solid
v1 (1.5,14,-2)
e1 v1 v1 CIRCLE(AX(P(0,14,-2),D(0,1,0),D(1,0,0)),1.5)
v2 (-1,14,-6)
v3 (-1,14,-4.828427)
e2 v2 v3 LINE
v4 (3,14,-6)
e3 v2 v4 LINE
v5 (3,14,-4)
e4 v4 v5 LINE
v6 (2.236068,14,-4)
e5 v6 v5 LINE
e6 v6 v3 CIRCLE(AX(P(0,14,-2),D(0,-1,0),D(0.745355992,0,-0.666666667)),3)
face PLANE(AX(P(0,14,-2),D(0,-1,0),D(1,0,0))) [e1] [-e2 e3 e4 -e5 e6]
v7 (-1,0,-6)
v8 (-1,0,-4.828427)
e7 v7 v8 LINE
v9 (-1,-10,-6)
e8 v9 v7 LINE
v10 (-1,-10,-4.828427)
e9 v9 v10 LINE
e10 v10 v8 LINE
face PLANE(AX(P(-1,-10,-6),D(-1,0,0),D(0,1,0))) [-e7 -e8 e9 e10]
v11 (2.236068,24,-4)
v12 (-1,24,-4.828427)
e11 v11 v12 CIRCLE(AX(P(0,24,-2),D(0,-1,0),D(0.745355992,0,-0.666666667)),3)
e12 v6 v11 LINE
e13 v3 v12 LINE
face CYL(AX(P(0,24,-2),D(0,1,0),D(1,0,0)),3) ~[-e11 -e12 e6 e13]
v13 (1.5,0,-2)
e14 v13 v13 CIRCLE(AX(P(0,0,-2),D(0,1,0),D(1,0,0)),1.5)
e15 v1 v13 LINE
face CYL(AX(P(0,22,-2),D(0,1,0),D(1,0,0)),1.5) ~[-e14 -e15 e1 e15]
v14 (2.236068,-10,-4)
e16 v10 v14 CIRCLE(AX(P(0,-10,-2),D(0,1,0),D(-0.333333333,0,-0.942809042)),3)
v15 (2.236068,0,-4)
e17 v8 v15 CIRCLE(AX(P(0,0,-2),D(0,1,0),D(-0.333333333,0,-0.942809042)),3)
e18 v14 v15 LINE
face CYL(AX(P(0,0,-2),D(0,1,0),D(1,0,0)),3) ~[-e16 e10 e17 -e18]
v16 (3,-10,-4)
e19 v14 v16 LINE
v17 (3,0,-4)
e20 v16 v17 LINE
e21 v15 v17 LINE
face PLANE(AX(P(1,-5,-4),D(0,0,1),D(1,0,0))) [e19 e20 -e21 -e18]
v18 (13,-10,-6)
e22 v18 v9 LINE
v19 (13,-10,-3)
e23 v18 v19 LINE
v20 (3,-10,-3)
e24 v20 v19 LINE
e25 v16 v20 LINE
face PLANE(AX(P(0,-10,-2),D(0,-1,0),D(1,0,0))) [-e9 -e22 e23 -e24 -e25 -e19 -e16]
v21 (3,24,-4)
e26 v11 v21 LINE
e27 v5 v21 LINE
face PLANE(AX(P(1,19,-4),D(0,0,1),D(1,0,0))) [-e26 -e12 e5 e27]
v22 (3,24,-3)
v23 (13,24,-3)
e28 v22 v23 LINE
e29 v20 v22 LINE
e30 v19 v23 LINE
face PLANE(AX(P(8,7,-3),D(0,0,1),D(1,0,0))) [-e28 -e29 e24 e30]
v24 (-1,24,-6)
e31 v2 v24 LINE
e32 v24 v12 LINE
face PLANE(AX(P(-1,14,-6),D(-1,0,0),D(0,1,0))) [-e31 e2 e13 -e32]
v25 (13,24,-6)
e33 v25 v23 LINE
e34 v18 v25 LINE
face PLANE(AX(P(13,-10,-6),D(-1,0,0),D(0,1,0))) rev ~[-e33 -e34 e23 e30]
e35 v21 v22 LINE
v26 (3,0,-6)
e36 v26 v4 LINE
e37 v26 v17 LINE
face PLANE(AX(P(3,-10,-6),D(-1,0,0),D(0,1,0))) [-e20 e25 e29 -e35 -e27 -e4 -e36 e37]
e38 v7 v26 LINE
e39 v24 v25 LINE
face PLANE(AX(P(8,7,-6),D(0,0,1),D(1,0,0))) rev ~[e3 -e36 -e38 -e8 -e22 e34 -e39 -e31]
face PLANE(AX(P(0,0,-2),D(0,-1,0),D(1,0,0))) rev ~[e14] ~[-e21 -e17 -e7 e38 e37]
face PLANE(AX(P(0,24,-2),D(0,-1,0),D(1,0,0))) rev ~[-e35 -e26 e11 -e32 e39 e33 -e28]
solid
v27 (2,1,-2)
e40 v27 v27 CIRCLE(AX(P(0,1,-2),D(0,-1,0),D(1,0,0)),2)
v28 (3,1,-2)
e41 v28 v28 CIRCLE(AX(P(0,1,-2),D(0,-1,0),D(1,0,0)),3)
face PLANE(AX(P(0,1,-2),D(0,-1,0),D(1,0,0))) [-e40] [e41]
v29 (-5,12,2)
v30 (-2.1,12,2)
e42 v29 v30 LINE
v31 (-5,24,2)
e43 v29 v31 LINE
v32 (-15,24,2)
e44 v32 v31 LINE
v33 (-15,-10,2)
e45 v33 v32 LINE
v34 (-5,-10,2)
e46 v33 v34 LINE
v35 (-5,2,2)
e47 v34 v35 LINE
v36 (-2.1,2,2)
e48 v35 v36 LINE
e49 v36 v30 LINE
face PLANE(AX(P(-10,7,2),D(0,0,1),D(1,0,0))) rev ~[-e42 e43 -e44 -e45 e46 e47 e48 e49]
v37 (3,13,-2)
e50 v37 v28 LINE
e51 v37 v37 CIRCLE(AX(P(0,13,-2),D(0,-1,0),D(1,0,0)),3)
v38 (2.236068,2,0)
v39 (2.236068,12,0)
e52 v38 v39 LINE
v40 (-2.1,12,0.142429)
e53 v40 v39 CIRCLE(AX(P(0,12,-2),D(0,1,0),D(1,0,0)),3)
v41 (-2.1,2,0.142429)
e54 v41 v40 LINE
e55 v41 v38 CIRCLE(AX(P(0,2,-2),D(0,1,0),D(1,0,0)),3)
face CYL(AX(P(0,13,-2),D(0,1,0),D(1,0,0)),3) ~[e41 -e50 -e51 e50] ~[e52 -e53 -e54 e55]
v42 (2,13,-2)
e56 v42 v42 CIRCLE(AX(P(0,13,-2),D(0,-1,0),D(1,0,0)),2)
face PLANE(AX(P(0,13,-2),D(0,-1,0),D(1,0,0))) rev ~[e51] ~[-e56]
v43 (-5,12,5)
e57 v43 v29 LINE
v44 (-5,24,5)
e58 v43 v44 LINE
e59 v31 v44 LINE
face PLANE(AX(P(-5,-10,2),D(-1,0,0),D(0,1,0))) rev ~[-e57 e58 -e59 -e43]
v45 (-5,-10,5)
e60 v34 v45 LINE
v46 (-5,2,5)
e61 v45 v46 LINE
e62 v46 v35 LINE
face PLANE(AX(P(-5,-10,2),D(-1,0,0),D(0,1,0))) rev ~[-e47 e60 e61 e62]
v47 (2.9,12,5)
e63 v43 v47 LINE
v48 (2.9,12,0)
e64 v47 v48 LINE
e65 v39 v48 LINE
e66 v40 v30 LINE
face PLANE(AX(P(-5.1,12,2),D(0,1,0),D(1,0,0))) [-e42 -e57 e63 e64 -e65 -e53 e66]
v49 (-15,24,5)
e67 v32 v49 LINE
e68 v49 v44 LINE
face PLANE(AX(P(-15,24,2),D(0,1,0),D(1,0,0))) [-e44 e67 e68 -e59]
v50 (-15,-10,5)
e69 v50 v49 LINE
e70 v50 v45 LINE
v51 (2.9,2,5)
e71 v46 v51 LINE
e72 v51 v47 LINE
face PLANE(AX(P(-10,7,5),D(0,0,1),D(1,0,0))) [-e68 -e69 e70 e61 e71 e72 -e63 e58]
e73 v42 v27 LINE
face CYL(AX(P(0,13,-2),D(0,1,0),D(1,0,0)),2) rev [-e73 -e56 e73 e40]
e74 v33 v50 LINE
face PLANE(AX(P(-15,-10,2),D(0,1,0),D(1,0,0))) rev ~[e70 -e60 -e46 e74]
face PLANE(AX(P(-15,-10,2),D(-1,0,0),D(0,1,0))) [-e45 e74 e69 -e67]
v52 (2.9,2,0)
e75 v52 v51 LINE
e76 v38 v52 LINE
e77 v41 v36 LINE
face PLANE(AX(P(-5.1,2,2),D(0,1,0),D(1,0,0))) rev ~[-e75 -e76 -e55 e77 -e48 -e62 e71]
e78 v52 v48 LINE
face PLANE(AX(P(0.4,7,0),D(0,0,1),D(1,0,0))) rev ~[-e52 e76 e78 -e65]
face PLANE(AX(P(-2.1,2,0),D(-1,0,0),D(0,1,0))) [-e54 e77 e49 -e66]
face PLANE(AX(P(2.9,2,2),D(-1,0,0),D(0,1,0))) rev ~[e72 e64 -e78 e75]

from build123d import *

# Parameters (mm, degrees)
BOX003_W               = 4
BOX003_H               = 10
BOX003_DEPTH           = 2
BOX001_W               = 10
BOX001_H               = 34
BOX001_DEPTH           = 3
CYLINDER002_R          = 3
CYLINDER002_DEPTH      = 10
CYLINDER002_ROLL_ANGLE = 90
CYLINDER004_R          = 1.5
CYLINDER004_DEPTH      = 30
CYLINDER004_ROLL_ANGLE = 90
CYLINDER_R             = 3
CYLINDER_DEPTH         = 10
CYLINDER_ROLL_ANGLE    = 90
BOX004_W               = 4
BOX004_H               = 10
BOX004_DEPTH           = 2
BOX002_W               = 8
BOX002_H               = 10
BOX002_DEPTH           = 3
BOX_W                  = 10
BOX_H                  = 34
BOX_DEPTH              = 3
CYLINDER003_R          = 2
CYLINDER003_DEPTH      = 12
CYLINDER003_ROLL_ANGLE = 90
CYLINDER001_R          = 3
CYLINDER001_DEPTH      = 12
CYLINDER001_ROLL_ANGLE = 90
BOX005_W               = 5
BOX005_H               = 10
BOX005_DEPTH           = 3


with BuildPart() as cube003:
    # Box003 → Box003 (new body)
    with BuildSketch(Plane(origin=(-1, -10, -6), x_dir=(1, 0, 0), z_dir=(0, 0, 1))):
        with Locations((2, 5)):
            Rectangle(BOX003_W, BOX003_H)
    extrude(amount=BOX003_DEPTH)


with BuildPart() as cube001:
    # Box001 → Box001 (new body)
    with BuildSketch(Plane(origin=(3, -10, -6), x_dir=(1, 0, 0), z_dir=(0, 0, 1))):
        with Locations((5, 17)):
            Rectangle(BOX001_W, BOX001_H)
    extrude(amount=BOX001_DEPTH)


with BuildPart() as cylinder002:
    # Cylinder002 → Cylinder002 (new body)
    with BuildSketch(Plane.XY):
        Circle(CYLINDER002_R)
    extrude(amount=CYLINDER002_DEPTH)


with BuildPart() as cylinder002_1:
    # Cylinder002 roll: moved
    add(cylinder002.part.rotate(Axis((0, 0, 0), (1, 0, 0)), CYLINDER002_ROLL_ANGLE))


with BuildPart() as cylinder002_2:
    # Cylinder002 placement: moved
    add(cylinder002_1.part.moved(Location((0, 24, -2))))


with BuildPart() as cylinder004:
    # Cylinder004 → Cylinder004 (new body)
    with BuildSketch(Plane.XY):
        Circle(CYLINDER004_R)
    extrude(amount=CYLINDER004_DEPTH)


with BuildPart() as cylinder004_1:
    # Cylinder004 roll: moved
    add(cylinder004.part.rotate(Axis((0, 0, 0), (1, 0, 0)), CYLINDER004_ROLL_ANGLE))


with BuildPart() as cylinder004_2:
    # Cylinder004 placement: moved
    add(cylinder004_1.part.moved(Location((0, 22, -2))))


with BuildPart() as fusion:
    # Cylinder → Cylinder (new body)
    with BuildSketch(Plane.XY):
        Circle(CYLINDER_R)
    extrude(amount=CYLINDER_DEPTH)


with BuildPart() as fusion_1:
    # Cylinder roll: moved
    add(fusion.part.rotate(Axis((0, 0, 0), (1, 0, 0)), CYLINDER_ROLL_ANGLE))


with BuildPart() as fusion_2:
    # Cylinder placement: moved
    add(fusion_1.part.moved(Location((0, 0, -2))))

    # Fusion: union Cylinder002, Cylinder004
    add(cylinder002_2.part)
    add(cylinder004_2.part)


with BuildPart() as fusion003:
    # Box004 → Box004 (new body)
    with BuildSketch(Plane(origin=(-1, 14, -6), x_dir=(1, 0, 0), z_dir=(0, 0, 1))):
        with Locations((2, 5)):
            Rectangle(BOX004_W, BOX004_H)
    extrude(amount=BOX004_DEPTH)

    # Fusion003: union Cube003, Cube001, Fusion
    add(cube003.part)
    add(cube001.part)
    add(fusion_2.part)


with BuildPart() as cube002:
    # Box002 → Box002 (new body)
    with BuildSketch(Plane(origin=(-5.1, 2, 2), x_dir=(1, 0, 0), z_dir=(0, 0, 1))):
        with Locations((4, 5)):
            Rectangle(BOX002_W, BOX002_H)
    extrude(amount=BOX002_DEPTH)


with BuildPart() as fusion001:
    # Box → Box (new body)
    with BuildSketch(Plane(origin=(-15, -10, 2), x_dir=(1, 0, 0), z_dir=(0, 0, 1))):
        with Locations((5, 17)):
            Rectangle(BOX_W, BOX_H)
    extrude(amount=BOX_DEPTH)

    # Fusion001: union Cube002
    add(cube002.part)


with BuildPart() as cylinder003:
    # Cylinder003 → Cylinder003 (new body)
    with BuildSketch(Plane.XY):
        Circle(CYLINDER003_R)
    extrude(amount=CYLINDER003_DEPTH)


with BuildPart() as cylinder003_1:
    # Cylinder003 roll: moved
    add(cylinder003.part.rotate(Axis((0, 0, 0), (1, 0, 0)), CYLINDER003_ROLL_ANGLE))


with BuildPart() as cylinder003_2:
    # Cylinder003 placement: moved
    add(cylinder003_1.part.moved(Location((0, 13, -2))))


with BuildPart() as fusion002:
    # Cylinder001 → Cylinder001 (new body)
    with BuildSketch(Plane.XY):
        Circle(CYLINDER001_R)
    extrude(amount=CYLINDER001_DEPTH)


with BuildPart() as fusion002_1:
    # Cylinder001 roll: moved
    add(fusion002.part.rotate(Axis((0, 0, 0), (1, 0, 0)), CYLINDER001_ROLL_ANGLE))


with BuildPart() as fusion002_2:
    # Cylinder001 placement: moved
    add(fusion002_1.part.moved(Location((0, 13, -2))))

    # Cut: cut Cylinder003
    add(cylinder003_2.part, mode=Mode.SUBTRACT)

    # Fusion002: union Fusion001
    add(fusion001.part)


with BuildPart() as fusion004:
    # Box005 → Box005 (new body)
    with BuildSketch(Plane(origin=(-2.1, 2, 0), x_dir=(1, 0, 0), z_dir=(0, 0, 1))):
        with Locations((2.5, 5)):
            Rectangle(BOX005_W, BOX005_H)
    extrude(amount=BOX005_DEPTH)

    # Fusion004: union Fusion002
    add(fusion002_2.part)


solid = Compound([fusion003.part, fusion004.part])
